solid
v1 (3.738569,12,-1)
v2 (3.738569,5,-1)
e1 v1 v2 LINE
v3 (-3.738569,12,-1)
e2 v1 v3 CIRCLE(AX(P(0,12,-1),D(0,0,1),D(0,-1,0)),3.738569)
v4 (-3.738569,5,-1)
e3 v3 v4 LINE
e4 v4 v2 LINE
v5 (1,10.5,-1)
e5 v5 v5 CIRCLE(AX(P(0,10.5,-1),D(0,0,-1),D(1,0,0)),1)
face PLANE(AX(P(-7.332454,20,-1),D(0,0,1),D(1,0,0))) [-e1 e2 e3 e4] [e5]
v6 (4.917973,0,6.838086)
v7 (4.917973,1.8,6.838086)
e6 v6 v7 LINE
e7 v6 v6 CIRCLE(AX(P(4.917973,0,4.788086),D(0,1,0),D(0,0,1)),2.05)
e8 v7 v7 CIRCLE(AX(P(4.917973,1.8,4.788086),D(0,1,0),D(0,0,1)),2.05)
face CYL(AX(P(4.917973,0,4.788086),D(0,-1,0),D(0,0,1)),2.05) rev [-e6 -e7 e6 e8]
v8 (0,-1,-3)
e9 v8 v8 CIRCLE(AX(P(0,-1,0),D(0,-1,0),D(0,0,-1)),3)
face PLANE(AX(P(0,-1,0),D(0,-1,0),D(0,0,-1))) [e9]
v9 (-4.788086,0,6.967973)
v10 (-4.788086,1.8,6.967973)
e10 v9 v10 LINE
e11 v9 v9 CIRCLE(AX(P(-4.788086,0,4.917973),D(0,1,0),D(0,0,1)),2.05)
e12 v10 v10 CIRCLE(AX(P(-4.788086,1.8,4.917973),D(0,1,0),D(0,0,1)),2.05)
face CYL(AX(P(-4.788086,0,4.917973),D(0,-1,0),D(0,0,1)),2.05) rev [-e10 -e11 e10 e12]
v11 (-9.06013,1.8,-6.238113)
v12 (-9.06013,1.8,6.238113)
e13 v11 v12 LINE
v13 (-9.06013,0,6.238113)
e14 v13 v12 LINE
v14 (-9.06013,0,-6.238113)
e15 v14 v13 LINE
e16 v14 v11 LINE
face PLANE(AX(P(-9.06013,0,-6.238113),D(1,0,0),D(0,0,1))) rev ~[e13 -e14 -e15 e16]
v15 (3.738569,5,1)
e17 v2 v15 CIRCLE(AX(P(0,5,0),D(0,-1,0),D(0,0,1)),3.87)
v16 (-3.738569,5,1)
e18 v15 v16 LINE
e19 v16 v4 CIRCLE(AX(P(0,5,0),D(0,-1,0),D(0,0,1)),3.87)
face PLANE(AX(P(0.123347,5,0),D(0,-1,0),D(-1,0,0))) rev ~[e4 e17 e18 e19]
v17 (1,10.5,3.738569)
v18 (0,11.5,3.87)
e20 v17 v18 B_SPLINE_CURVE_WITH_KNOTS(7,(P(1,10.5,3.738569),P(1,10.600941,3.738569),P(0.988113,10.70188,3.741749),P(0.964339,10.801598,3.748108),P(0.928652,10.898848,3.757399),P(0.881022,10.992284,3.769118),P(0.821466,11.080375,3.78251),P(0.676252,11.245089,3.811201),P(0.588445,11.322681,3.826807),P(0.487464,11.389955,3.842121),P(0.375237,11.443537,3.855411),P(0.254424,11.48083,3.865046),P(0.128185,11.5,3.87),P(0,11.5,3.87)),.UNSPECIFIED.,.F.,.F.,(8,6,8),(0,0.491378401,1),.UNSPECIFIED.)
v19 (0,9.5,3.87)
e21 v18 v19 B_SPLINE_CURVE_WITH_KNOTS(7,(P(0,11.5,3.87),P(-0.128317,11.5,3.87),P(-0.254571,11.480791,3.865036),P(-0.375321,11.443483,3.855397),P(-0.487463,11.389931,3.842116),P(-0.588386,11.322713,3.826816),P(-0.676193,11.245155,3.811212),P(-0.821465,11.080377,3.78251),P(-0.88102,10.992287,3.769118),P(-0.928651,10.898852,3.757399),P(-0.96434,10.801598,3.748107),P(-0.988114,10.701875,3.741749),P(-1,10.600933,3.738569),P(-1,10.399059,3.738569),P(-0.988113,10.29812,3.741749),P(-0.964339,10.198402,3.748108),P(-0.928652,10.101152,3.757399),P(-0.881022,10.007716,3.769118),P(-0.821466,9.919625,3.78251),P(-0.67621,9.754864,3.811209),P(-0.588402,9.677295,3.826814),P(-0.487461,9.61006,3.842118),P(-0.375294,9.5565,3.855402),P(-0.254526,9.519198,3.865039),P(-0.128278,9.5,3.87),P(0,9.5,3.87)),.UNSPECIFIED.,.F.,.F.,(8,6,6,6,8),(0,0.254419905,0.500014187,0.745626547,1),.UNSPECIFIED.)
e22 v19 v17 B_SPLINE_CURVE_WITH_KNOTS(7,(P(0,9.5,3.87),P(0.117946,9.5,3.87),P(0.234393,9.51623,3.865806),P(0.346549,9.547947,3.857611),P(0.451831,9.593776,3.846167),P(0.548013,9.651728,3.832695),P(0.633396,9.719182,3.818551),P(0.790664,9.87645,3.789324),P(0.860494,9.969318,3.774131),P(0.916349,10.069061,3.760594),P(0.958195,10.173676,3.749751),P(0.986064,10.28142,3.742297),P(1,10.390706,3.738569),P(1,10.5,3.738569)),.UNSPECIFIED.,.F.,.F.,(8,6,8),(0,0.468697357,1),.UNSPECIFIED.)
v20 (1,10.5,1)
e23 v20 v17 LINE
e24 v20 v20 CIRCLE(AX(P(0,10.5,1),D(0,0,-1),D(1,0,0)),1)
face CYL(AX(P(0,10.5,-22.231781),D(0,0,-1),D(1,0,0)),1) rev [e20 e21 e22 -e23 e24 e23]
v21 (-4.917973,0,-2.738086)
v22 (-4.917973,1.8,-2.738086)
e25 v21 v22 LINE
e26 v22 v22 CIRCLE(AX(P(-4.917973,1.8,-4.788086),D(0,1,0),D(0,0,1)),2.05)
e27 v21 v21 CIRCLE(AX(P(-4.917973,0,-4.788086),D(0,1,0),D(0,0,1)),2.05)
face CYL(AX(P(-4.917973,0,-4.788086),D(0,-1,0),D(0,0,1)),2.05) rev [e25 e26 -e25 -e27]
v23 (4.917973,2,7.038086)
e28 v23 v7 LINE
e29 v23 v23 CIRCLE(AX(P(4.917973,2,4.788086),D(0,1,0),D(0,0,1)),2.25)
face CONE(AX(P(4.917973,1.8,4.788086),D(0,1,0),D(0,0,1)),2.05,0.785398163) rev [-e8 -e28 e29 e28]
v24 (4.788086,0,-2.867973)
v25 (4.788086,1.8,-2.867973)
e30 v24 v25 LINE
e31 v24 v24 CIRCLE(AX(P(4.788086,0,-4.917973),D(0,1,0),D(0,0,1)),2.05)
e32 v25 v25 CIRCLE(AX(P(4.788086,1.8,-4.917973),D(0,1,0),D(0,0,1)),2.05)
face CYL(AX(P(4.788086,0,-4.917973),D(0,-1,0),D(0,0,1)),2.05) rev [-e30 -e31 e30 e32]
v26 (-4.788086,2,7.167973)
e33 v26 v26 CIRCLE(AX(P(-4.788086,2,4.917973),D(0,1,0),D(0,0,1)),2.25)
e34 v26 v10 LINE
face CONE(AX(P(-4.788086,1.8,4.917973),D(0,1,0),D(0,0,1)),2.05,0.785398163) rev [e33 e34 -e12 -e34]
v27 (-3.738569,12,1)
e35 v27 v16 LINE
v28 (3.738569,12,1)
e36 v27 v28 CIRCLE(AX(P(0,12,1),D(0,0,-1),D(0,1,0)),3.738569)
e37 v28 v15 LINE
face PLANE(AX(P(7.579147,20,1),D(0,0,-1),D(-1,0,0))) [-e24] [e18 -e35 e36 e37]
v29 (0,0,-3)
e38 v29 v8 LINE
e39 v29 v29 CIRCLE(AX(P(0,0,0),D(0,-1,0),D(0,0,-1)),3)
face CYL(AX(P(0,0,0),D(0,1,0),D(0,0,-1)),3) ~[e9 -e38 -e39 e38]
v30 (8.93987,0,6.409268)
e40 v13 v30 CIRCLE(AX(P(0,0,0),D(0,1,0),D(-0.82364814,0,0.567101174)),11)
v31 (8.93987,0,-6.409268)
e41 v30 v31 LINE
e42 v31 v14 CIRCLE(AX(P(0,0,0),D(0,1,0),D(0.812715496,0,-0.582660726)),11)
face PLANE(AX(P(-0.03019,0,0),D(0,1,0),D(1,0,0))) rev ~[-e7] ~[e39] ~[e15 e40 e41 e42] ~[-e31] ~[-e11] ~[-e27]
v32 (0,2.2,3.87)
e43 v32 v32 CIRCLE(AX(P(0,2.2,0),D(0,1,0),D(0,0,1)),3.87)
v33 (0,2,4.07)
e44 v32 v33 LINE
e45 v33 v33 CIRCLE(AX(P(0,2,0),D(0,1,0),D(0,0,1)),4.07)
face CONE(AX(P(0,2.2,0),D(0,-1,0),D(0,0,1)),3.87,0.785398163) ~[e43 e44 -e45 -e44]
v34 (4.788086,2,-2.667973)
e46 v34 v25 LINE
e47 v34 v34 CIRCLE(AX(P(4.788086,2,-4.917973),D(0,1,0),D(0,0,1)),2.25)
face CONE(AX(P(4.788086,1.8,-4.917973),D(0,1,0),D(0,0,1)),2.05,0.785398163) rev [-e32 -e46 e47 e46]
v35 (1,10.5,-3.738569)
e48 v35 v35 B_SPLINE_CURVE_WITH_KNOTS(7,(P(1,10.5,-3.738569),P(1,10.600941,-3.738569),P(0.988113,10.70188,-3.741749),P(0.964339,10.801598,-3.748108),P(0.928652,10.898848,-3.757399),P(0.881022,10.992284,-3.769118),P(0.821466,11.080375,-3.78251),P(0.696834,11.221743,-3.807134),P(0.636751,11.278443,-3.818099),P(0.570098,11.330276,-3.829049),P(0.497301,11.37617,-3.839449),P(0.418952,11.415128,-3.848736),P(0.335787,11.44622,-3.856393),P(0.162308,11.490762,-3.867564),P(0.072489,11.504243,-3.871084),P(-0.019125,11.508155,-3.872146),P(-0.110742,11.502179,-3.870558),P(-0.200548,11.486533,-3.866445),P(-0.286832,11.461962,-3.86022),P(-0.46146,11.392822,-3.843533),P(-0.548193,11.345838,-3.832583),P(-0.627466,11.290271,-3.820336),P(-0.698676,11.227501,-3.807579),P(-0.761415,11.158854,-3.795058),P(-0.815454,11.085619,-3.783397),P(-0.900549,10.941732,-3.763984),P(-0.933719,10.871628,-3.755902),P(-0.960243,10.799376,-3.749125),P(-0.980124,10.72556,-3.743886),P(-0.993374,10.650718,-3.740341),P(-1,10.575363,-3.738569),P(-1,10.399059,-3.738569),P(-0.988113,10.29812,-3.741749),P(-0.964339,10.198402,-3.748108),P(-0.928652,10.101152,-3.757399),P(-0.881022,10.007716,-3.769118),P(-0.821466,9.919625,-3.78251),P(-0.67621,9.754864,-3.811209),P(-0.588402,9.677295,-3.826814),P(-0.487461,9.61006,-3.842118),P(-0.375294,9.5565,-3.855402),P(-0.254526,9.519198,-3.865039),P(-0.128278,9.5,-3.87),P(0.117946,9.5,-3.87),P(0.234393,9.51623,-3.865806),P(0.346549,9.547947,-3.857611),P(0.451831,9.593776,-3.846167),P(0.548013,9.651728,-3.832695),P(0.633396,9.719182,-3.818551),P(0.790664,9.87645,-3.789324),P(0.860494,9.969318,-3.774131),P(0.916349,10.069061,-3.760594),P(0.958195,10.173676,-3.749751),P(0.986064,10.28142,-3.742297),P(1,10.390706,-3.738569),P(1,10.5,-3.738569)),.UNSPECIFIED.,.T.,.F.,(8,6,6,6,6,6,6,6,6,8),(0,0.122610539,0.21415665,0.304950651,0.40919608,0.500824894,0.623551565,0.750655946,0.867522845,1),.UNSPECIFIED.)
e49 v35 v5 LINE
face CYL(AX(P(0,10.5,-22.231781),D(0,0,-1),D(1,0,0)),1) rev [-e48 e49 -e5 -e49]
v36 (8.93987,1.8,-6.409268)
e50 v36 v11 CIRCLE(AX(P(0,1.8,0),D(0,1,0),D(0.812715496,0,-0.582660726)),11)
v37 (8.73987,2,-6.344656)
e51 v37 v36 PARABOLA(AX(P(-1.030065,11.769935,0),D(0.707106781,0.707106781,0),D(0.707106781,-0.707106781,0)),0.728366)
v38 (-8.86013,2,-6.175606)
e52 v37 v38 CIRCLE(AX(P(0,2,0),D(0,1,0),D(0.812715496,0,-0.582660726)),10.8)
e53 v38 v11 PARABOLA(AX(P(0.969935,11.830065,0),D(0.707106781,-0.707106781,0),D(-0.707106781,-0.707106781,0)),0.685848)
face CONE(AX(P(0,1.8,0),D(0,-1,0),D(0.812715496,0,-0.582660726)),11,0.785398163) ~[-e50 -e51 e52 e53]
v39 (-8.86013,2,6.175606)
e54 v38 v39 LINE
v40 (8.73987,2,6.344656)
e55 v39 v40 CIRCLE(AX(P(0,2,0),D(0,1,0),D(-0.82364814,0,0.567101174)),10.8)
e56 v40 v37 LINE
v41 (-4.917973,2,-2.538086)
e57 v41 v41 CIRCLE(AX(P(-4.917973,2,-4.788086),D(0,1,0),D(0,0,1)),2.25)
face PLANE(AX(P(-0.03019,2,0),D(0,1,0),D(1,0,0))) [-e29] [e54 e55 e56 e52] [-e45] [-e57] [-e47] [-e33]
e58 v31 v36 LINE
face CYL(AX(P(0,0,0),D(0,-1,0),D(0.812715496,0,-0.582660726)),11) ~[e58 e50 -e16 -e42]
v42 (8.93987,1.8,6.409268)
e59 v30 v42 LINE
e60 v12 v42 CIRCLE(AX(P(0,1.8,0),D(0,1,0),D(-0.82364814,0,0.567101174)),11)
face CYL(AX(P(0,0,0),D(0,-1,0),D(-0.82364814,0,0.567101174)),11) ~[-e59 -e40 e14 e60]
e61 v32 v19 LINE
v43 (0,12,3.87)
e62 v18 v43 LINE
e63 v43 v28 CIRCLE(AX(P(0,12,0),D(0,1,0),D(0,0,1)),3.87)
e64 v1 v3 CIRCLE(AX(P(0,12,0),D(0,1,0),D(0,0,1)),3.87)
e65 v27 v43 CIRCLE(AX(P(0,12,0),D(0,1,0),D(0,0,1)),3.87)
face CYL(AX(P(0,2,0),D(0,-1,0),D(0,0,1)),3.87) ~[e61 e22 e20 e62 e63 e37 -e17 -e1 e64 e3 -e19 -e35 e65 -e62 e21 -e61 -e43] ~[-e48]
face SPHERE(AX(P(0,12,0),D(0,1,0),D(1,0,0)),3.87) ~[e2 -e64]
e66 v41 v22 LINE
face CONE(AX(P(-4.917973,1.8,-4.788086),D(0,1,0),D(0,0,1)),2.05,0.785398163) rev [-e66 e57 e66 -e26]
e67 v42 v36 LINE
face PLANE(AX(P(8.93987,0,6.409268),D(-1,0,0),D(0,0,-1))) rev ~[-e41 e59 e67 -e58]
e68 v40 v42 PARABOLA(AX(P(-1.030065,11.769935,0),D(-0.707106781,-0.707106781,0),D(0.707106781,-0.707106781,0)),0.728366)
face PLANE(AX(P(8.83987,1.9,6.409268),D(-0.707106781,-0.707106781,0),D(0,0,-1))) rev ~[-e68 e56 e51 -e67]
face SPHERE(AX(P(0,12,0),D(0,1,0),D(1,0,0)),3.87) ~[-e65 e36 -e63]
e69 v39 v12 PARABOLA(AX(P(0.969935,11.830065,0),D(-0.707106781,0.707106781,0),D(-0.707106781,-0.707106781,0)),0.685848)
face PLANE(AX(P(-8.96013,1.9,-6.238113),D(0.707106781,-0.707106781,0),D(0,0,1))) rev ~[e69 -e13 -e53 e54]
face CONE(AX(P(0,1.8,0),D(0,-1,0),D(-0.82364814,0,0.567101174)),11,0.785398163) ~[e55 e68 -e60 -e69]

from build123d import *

# Parameters (mm, degrees)
SKETCH1_R               = 2.05
BOSS_EXTRUDE1_DEPTH     = 2
SKETCH2_R               = 3.87
BOSS_EXTRUDE2_DEPTH     = 10
SKETCH4_R               = 3
BOSS_EXTRUDE3_DEPTH     = 1
CUT_EXTRUDE2_DEPTH      = 15
CUT_EXTRUDE3_DEPTH      = 22.231780641
CUT_EXTRUDE3_DEPTH_BACK = 22.231780641
SKETCH9_R               = 1
CHAMFER1_SIZE           = 0.2


with BuildPart() as part:
    # Sketch1 → Boss-Extrude1 (new body)
    with BuildSketch(Plane(origin=(0, 0, 0), x_dir=(1, 0, 0), z_dir=(0, 1, 0))):
        with BuildLine():
            Line((-9.06012954, 6.238112913), (-9.06012954, -6.238112913))
            ThreePointArc((-9.06012954, -6.238112913), (-0.104590041, -10.999502758), (8.93987046, -6.40926799))
            Line((8.93987046, -6.40926799), (8.93987046, 6.40926799))
            ThreePointArc((8.93987046, 6.40926799), (-0.104590041, 10.999502758), (-9.06012954, 6.238112913))
        make_face()
        with Locations(Location((-4.917973081, 4.788086362, 0), (0, 0, 270))):
            Circle(SKETCH1_R, mode=Mode.SUBTRACT)
        with Locations(Location((4.788086362, 4.917973081, 0), (0, 0, 270))):
            Circle(SKETCH1_R, mode=Mode.SUBTRACT)
        with Locations(Location((4.917973081, -4.788086362, 0), (0, 0, 270))):
            Circle(SKETCH1_R, mode=Mode.SUBTRACT)
        with Locations(Location((-4.788086362, -4.917973081, 0), (0, 0, 270))):
            Circle(SKETCH1_R, mode=Mode.SUBTRACT)
    extrude(amount=BOSS_EXTRUDE1_DEPTH)

    # Sketch2 → Boss-Extrude2 (add)
    with BuildSketch(Plane(origin=(0, 2, 0), x_dir=(1, 0, 0), z_dir=(0, 1, 0))):
        with Locations(Location((0, 0, 0), (0, 0, 270))):
            Circle(SKETCH2_R)
    extrude(amount=BOSS_EXTRUDE2_DEPTH)

    # Sketch3 → Revolve1 (revolve)
    with BuildSketch(Plane.XY):
        with BuildLine():
            Line((0, 15.87), (0, 12))
            Line((0, 12), (3.87, 12))
            ThreePointArc((3.87, 12), (2.736503243, 14.736503243), (0, 15.87))
        make_face()
    revolve(axis=Axis((0, 15.87, 0), (0, -1, 0)))

    # Sketch4 → Boss-Extrude3 (add)
    with BuildSketch(Plane.XZ):
        with Locations(Location((0, 0, 0), (0, 0, 270))):
            Circle(SKETCH4_R)
    extrude(amount=BOSS_EXTRUDE3_DEPTH)

    # Sketch7 → Cut-Extrude2 (cut)
    with BuildSketch(Plane(origin=(0, 20, 0), x_dir=(1, 0, 0), z_dir=(0, 1, 0))):
        with BuildLine():
            Line((-7.332454233, 1), (7.579147316, 1))
            ThreePointArc((7.579147316, 1), (8.579147316, 0), (7.579147316, -1))
            Line((7.579147316, -1), (-7.332454233, -1))
            ThreePointArc((-7.332454233, -1), (-8.332454233, 0), (-7.332454233, 1))
        make_face()
    extrude(amount=-CUT_EXTRUDE2_DEPTH, mode=Mode.SUBTRACT)

    # Sketch9 → Cut-Extrude3 (cut, two sides: drawn at the far end of the back side and taken through both)
    with BuildSketch(Plane.XY.offset(-CUT_EXTRUDE3_DEPTH_BACK)):
        with Locations((0, 10.5)):
            Circle(SKETCH9_R)
    extrude(amount=CUT_EXTRUDE3_DEPTH + CUT_EXTRUDE3_DEPTH_BACK, mode=Mode.SUBTRACT)

    # Chamfer1
    chamfer1_edges = [part.edges().sort_by_distance(p)[0] for p in [
        (-4.917973081, 2, -6.838086362),
        (-0.104590041, 2, 10.999502758),
        (4.788086362, 2, -6.967973081),
        (8.93987046, 2, 0),
        (4.917973081, 2, 2.738086362),
        (-4.788086362, 2, 2.867973081),
        (0, 2, -3.87),
        (-0.104590041, 2, -10.999502758),
        (-9.06012954, 2, 0),
    ]]
    chamfer(chamfer1_edges, length=CHAMFER1_SIZE)


solid = part.part
